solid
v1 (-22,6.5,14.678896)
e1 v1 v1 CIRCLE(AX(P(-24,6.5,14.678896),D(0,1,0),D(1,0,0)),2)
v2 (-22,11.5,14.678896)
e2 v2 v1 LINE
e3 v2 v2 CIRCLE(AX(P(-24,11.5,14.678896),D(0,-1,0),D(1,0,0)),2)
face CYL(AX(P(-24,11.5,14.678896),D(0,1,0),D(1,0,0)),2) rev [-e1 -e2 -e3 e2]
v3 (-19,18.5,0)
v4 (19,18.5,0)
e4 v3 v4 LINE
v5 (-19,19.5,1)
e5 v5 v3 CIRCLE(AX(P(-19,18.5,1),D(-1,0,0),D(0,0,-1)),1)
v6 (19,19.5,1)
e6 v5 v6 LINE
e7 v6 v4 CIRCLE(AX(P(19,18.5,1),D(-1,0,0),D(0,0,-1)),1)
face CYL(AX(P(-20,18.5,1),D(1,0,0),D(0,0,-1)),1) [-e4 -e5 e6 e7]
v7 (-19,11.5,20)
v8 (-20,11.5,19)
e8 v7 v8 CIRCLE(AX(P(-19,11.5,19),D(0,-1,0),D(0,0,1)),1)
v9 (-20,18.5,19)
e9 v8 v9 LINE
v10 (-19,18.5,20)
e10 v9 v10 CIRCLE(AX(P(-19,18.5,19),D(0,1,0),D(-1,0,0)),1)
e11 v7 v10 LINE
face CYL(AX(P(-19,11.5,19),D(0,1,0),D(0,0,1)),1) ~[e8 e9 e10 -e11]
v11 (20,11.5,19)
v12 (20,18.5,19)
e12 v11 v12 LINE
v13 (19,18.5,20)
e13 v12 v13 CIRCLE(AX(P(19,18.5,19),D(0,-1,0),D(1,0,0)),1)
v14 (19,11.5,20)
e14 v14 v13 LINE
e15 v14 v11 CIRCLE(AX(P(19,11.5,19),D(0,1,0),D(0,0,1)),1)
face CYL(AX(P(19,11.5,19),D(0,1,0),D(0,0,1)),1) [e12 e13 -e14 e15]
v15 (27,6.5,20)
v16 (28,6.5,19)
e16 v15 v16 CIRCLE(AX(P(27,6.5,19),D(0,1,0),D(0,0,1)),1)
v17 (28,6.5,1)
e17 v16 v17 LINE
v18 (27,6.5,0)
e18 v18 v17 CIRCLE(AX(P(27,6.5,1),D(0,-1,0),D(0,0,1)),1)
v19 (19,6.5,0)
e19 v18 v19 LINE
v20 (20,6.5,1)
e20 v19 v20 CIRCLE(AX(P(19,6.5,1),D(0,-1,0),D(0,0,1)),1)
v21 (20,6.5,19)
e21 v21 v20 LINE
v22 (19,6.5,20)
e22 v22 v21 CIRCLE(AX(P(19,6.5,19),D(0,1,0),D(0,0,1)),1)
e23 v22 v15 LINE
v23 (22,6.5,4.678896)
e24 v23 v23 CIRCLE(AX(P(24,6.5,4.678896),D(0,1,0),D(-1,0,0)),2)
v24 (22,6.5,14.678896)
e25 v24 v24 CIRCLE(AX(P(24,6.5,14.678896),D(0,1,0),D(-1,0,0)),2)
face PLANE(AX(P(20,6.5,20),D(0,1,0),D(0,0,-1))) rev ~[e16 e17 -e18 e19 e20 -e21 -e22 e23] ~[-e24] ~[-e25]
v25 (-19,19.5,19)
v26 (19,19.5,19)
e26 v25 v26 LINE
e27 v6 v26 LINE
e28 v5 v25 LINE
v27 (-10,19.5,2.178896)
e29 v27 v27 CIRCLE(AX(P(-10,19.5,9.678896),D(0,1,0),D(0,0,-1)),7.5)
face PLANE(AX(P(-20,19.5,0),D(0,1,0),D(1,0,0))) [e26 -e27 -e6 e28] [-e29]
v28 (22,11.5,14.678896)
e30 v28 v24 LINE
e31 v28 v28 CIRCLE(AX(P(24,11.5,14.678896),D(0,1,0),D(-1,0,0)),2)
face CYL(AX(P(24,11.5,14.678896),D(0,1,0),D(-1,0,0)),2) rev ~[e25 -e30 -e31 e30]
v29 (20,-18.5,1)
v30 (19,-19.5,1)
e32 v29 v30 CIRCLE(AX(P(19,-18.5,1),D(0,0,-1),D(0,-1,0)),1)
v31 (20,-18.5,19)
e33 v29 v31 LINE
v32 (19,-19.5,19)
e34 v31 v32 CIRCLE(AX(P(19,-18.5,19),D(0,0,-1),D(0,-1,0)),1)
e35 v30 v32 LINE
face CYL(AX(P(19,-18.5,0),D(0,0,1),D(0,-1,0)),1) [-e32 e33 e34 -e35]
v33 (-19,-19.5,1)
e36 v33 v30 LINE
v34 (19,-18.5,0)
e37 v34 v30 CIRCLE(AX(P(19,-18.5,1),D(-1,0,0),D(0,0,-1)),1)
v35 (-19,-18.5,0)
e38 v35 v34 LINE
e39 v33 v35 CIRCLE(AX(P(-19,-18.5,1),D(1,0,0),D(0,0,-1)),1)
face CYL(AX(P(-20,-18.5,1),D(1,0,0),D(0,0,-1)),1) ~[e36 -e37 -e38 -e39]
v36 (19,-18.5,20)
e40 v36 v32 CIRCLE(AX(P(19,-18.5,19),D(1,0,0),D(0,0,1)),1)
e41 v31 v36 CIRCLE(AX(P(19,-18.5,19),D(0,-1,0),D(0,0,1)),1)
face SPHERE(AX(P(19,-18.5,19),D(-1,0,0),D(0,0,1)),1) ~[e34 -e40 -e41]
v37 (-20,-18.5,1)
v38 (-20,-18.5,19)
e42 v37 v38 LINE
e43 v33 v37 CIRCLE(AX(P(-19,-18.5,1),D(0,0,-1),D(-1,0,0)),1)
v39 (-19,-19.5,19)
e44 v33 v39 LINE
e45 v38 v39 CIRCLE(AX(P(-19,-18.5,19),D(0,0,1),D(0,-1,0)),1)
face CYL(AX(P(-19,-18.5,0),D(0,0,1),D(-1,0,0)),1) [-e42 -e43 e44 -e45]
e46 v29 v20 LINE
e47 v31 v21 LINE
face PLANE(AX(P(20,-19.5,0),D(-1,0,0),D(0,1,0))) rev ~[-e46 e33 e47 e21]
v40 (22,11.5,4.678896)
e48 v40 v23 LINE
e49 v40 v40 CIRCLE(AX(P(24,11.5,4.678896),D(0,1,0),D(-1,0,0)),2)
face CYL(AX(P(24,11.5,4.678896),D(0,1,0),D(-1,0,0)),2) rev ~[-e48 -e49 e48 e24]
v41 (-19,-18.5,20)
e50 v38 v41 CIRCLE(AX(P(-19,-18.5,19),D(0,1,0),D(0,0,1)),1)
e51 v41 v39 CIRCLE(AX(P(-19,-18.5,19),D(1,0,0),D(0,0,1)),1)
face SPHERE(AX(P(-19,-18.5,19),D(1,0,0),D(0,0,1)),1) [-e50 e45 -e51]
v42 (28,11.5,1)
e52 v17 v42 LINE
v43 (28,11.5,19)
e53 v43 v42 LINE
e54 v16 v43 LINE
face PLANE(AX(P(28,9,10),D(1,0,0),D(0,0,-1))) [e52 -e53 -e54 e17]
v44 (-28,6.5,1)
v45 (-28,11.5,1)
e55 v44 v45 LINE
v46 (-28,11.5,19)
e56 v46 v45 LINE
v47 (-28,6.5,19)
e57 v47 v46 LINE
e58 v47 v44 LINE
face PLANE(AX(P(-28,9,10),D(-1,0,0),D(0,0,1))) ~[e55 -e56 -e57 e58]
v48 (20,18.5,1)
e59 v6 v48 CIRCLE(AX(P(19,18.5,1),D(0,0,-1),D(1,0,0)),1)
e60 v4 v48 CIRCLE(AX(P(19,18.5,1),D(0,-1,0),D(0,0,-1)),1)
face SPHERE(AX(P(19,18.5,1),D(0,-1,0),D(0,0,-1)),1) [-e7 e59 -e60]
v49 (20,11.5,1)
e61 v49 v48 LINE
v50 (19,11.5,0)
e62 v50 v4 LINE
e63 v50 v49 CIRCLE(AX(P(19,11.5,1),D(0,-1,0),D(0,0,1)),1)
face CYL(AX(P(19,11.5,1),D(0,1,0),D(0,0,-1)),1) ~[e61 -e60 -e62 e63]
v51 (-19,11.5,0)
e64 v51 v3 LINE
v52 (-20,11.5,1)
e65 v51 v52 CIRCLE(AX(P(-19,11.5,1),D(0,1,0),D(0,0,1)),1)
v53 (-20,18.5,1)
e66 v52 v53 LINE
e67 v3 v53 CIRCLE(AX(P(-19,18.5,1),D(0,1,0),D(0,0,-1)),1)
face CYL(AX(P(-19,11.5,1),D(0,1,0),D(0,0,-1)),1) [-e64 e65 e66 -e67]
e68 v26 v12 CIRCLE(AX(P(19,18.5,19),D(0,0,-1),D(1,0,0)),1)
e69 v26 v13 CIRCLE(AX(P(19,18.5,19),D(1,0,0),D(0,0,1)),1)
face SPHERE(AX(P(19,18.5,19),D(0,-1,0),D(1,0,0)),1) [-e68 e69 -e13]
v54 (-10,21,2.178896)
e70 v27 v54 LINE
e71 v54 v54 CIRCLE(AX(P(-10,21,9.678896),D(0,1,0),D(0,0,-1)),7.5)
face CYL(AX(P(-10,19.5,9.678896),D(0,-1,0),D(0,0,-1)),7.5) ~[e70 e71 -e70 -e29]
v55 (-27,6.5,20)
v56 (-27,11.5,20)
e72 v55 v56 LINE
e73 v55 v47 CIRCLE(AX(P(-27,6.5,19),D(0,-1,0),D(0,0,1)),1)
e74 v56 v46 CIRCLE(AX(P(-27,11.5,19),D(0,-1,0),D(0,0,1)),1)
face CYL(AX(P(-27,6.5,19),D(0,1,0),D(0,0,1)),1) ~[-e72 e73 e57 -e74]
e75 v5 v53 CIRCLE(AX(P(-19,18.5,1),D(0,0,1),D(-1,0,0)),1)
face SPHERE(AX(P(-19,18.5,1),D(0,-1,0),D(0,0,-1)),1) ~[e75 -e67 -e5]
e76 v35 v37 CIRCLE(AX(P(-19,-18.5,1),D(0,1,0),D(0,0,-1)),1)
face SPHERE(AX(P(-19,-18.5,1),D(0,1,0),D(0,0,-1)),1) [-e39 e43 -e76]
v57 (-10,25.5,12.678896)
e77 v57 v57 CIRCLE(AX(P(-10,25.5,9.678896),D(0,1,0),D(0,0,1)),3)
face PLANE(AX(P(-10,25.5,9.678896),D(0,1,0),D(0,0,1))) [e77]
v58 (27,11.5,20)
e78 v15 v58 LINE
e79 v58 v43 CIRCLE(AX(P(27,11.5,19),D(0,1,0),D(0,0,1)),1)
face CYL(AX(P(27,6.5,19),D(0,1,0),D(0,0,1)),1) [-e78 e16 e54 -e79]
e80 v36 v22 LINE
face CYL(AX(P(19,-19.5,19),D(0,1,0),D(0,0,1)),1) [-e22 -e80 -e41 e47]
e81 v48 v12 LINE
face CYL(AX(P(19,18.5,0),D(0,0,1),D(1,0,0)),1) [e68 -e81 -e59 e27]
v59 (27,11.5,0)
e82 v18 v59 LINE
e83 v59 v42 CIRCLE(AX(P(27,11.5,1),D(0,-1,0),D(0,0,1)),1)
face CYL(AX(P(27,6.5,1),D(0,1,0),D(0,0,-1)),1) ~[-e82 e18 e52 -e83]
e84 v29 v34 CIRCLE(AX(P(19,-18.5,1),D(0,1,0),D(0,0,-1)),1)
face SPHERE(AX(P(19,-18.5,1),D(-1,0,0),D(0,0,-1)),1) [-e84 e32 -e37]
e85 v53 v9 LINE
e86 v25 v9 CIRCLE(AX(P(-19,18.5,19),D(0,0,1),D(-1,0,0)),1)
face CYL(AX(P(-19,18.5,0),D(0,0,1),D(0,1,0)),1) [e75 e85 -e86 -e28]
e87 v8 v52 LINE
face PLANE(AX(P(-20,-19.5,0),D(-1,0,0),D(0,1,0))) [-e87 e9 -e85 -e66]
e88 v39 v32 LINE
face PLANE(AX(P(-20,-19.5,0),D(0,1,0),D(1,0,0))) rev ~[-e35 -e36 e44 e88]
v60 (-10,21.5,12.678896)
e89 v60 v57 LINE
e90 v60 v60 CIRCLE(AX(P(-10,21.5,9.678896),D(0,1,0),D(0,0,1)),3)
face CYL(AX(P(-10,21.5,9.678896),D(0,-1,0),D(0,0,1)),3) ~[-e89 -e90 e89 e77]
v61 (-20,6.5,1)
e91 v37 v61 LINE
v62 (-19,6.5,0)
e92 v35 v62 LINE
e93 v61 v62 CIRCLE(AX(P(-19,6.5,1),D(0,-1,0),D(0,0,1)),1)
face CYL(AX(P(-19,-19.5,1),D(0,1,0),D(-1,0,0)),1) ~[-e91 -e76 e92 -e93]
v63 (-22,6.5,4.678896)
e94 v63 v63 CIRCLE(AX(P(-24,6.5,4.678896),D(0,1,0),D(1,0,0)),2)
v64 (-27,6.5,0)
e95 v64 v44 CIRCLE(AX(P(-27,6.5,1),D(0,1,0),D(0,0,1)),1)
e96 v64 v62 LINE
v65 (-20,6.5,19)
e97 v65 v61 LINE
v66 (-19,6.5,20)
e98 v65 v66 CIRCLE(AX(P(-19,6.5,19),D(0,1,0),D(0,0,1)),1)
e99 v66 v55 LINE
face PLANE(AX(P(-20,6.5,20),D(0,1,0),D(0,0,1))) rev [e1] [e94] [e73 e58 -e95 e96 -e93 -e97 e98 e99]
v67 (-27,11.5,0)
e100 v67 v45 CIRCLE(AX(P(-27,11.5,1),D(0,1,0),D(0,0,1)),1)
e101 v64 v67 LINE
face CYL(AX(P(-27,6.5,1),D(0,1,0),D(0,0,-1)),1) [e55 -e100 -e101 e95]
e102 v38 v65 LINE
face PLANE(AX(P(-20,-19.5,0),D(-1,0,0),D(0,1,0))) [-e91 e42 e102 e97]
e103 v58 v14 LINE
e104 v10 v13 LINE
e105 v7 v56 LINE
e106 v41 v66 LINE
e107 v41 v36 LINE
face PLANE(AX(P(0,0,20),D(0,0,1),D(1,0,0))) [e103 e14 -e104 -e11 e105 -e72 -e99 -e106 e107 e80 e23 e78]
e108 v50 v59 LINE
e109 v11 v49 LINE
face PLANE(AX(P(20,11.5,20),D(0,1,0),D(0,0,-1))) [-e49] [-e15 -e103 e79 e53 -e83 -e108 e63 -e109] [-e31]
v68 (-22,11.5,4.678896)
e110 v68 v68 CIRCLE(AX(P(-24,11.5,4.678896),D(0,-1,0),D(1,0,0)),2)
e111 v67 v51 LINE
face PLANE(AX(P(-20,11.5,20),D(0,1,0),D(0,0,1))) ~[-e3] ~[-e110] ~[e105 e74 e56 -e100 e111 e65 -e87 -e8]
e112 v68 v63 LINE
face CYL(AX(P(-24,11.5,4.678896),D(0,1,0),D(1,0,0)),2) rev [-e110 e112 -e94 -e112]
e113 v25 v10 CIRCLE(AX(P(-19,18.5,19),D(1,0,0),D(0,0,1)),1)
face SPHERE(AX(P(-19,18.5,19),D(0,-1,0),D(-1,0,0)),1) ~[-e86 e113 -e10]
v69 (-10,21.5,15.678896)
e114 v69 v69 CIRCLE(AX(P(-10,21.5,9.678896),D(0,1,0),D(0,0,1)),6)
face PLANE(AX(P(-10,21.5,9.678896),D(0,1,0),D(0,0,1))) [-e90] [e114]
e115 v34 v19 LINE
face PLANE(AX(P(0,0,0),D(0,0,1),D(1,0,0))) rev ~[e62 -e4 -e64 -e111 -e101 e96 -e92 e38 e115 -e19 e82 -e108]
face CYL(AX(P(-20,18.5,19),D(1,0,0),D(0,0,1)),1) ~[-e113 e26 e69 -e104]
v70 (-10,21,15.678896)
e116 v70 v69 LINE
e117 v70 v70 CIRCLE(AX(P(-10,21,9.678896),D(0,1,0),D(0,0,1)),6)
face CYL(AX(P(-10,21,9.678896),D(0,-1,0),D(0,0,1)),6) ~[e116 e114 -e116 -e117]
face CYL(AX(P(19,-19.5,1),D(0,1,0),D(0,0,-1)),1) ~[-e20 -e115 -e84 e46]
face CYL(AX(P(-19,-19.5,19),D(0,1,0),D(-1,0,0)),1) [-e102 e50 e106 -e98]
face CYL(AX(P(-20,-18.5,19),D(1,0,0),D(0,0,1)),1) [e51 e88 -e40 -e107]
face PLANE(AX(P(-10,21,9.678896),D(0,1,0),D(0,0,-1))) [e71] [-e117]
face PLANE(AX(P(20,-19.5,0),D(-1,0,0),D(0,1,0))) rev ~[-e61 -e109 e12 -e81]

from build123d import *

# Parameters (mm, degrees)
SKETCH_1_W          = 40
SKETCH_1_H          = 39
EXTRUDE_1_DEPTH     = 20
SKETCH_2_W          = 20
SKETCH_2_H          = 5
EXTRUDE_2_DEPTH     = 8
SKETCH_3_R          = 2
CUT_EXTRUDE_1_DEPTH = 8
SKETCH_4_R          = 7.5
EXTRUDE_3_DEPTH     = 1.5
SKETCH_5_R          = 6
EXTRUDE_4_DEPTH     = 0.5
SKETCH_6_R          = 3
EXTRUDE_5_DEPTH     = 4
FILLET_1_R          = 1


with BuildPart() as part:
    # 草图1 → 凸台-拉伸1 (new body)
    with BuildSketch(Plane.XY):
        Rectangle(SKETCH_1_W, SKETCH_1_H)
    extrude(amount=EXTRUDE_1_DEPTH)

    # 草图2 → 凸台-拉伸2 (add)
    with BuildSketch(Plane(origin=(20, 0, 0), x_dir=(0, 0, -1), z_dir=(1, 0, 0))):
        with Locations((-10, 9)):
            Rectangle(SKETCH_2_W, SKETCH_2_H)
    extrude_2 = extrude(amount=EXTRUDE_2_DEPTH)

    # 草图3 → 切除-拉伸1 (cut)
    with BuildSketch(Plane(origin=(0, 11.5, 0), x_dir=(1, 0, 0), z_dir=(0, 1, 0))):
        with Locations(Location((24, -4.678896128, 0), (0, 0, 180))):
            Circle(SKETCH_3_R)
        with Locations(Location((24, -14.678896128, 0), (0, 0, 180))):
            Circle(SKETCH_3_R)
    cut_extrude_1 = extrude(amount=-CUT_EXTRUDE_1_DEPTH, mode=Mode.SUBTRACT)

    # 镜向1: 凸台-拉伸2, 切除-拉伸1 across plane
    add(extrude_2.mirror(Plane(origin=(0, 0, 0), x_dir=(0, 0, 1), z_dir=(1, 0, 0))))
    add(cut_extrude_1.mirror(Plane(origin=(0, 0, 0), x_dir=(0, 0, 1), z_dir=(1, 0, 0))), mode=Mode.SUBTRACT)

    # 草图4 → 凸台-拉伸3 (add)
    with BuildSketch(Plane(origin=(0, 19.5, 0), x_dir=(1, 0, 0), z_dir=(0, 1, 0))):
        with Locations(Location((-10, -9.678896128, 0), (0, 0, 90))):
            Circle(SKETCH_4_R)
    extrude(amount=EXTRUDE_3_DEPTH)

    # 草图5 → 凸台-拉伸4 (add)
    with BuildSketch(Plane(origin=(0, 21, 0), x_dir=(1, 0, 0), z_dir=(0, 1, 0))):
        with Locations(Location((-10, -9.678896128, 0), (0, 0, 270))):
            Circle(SKETCH_5_R)
    extrude(amount=EXTRUDE_4_DEPTH)

    # 草图6 → 凸台-拉伸5 (add)
    with BuildSketch(Plane(origin=(0, 21.5, 0), x_dir=(1, 0, 0), z_dir=(0, 1, 0))):
        with Locations(Location((-10, -9.678896128, 0), (0, 0, 270))):
            Circle(SKETCH_6_R)
    extrude(amount=EXTRUDE_5_DEPTH)

    # 圆角1
    fillet_1_edges = [part.edges().sort_by_distance(p)[0] for p in [
        (-20, 15.5, 20),
        (20, 15.5, 0),
        (20, 15.5, 20),
        (0, -19.5, 20),
        (28, 9, 20),
        (28, 9, 0),
        (-20, -6.5, 0),
        (-20, -6.5, 20),
        (-28, 9, 20),
        (-28, 9, 0),
        (20, -6.5, 20),
        (0, -19.5, 0),
        (-20, 15.5, 0),
        (0, 19.5, 0),
        (20, -6.5, 0),
        (20, -19.5, 10),
        (-20, -19.5, 10),
        (-20, 19.5, 10),
        (20, 19.5, 10),
        (0, 19.5, 20),
    ]]
    fillet(fillet_1_edges, radius=FILLET_1_R)


solid = part.part
